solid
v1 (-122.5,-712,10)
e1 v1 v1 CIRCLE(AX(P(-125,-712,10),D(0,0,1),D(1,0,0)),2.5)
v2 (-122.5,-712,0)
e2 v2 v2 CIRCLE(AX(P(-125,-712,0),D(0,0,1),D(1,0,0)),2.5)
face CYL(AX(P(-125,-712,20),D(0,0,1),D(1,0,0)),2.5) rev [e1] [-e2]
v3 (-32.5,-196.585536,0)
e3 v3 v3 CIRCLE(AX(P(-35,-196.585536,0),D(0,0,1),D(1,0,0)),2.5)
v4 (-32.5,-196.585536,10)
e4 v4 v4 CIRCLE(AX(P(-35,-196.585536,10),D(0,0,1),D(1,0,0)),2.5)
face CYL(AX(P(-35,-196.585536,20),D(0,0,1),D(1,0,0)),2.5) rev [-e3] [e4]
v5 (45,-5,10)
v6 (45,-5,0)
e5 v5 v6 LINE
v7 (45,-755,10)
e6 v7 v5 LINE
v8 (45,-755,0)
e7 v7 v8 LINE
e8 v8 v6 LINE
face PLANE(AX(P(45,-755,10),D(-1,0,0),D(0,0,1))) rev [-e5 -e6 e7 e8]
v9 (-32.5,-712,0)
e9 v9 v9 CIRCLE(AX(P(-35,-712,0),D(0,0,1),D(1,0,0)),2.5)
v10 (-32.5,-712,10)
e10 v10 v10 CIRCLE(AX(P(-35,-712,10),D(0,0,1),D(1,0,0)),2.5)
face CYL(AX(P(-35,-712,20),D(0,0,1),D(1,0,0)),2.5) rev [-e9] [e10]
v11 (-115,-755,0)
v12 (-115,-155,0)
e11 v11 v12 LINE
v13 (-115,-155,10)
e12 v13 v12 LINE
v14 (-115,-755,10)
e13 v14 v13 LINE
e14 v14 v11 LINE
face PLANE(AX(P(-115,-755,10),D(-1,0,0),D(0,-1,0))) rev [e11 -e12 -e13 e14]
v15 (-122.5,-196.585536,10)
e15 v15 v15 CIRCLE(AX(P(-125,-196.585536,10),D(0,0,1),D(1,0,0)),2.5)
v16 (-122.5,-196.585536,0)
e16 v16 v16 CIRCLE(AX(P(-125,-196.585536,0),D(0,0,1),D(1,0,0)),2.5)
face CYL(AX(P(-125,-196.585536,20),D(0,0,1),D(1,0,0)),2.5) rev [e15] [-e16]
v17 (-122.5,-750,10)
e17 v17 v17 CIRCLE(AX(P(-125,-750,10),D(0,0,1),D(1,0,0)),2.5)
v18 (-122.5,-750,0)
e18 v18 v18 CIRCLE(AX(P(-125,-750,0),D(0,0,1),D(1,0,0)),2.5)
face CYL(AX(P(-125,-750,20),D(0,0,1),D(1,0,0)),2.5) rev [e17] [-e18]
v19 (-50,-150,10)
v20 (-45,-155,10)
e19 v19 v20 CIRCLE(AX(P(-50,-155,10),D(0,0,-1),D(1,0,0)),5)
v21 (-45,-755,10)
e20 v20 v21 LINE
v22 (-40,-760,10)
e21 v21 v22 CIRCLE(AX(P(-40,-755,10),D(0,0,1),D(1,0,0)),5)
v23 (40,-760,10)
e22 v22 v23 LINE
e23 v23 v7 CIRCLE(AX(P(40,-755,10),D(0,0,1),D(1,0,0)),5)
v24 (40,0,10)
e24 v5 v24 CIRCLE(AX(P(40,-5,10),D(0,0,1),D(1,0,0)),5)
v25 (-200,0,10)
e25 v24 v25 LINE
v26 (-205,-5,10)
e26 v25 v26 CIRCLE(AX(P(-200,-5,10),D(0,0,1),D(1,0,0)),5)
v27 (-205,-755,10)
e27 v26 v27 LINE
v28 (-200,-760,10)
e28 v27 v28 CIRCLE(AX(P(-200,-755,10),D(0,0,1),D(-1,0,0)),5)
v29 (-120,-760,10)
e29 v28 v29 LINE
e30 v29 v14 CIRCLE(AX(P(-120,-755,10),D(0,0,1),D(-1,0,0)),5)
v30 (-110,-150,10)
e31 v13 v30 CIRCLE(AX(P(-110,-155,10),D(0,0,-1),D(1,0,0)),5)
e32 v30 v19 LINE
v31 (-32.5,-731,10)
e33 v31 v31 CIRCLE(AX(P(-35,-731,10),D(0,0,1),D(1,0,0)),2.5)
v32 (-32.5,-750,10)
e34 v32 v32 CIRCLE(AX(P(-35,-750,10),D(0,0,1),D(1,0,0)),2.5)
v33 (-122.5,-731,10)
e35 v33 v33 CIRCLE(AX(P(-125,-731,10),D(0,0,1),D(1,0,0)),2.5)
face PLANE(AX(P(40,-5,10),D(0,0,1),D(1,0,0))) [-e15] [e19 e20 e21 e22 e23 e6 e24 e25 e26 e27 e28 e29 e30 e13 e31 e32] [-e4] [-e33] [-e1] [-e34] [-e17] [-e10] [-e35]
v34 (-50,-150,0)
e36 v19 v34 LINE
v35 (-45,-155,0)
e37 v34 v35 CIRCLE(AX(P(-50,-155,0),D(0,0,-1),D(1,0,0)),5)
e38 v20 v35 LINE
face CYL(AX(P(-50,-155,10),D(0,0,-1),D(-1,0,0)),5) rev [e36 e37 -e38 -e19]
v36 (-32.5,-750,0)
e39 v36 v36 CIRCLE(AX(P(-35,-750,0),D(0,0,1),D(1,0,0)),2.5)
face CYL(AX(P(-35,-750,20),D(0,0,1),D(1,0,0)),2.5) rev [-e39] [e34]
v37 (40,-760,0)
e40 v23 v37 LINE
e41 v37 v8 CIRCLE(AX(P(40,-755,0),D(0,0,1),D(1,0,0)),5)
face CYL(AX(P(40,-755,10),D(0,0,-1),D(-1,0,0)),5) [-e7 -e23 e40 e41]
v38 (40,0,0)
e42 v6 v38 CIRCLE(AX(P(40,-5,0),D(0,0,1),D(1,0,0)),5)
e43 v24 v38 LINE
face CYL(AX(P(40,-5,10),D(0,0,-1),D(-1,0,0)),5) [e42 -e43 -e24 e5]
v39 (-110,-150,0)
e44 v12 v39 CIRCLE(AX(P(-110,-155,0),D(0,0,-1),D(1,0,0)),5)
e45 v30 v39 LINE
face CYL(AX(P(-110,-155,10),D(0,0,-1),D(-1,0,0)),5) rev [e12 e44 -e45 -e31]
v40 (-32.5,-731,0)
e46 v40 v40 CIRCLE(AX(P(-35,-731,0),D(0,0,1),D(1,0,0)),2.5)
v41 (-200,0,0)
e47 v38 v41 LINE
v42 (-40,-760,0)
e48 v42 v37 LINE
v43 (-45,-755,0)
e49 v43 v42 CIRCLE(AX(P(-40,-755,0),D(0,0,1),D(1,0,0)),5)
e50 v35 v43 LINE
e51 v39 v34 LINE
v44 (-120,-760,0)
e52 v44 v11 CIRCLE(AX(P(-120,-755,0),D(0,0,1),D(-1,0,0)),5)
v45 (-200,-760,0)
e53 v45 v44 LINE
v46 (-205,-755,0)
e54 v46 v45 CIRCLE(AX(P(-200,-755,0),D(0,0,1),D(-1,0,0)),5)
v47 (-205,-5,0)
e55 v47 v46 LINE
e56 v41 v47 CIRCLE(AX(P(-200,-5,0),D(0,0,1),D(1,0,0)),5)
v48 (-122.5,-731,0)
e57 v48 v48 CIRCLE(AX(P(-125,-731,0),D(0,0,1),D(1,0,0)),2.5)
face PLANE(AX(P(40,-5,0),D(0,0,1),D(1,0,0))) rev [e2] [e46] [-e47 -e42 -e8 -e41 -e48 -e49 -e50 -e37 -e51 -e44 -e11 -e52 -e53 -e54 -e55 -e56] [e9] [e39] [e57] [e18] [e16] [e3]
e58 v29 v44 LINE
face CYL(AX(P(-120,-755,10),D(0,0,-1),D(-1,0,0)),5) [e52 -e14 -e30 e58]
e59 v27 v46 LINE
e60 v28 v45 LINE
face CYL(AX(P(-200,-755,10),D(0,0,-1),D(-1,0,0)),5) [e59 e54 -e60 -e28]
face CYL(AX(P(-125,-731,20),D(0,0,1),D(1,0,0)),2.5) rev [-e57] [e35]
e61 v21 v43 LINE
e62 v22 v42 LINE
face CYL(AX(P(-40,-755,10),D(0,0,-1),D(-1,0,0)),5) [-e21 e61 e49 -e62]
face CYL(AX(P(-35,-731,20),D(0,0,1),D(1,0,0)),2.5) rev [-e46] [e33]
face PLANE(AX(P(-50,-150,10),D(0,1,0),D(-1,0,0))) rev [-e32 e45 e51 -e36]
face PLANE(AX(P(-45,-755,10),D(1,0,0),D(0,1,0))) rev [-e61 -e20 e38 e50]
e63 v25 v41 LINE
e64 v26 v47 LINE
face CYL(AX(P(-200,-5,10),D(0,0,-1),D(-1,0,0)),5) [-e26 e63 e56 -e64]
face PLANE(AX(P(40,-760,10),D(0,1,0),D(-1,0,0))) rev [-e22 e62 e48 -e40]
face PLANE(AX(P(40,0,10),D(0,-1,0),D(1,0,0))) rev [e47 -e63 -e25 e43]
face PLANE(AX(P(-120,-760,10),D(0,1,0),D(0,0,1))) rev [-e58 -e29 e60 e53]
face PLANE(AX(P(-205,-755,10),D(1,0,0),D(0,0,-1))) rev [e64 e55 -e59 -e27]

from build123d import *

# Parameters (mm, degrees)
BOSS_EXTRUDE1_DEPTH = 10
M6_TAPPED_HOLE_D    = 5


with BuildPart() as part:
    # Sketch1 → Boss-Extrude1 (new body)
    with BuildSketch(Plane.XY):
        with BuildLine():
            Line((-120, -760), (-200, -760))
            ThreePointArc((-200, -760), (-203.535533906, -758.535533906), (-205, -755))
            Line((-205, -755), (-205, -5))
            ThreePointArc((-205, -5), (-203.535533906, -1.464466094), (-200, 0))
            Line((-200, 0), (40, 0))
            ThreePointArc((40, 0), (43.535533906, -1.464466094), (45, -5))
            Line((45, -5), (45, -755))
            ThreePointArc((45, -755), (43.535533906, -758.535533906), (40, -760))
            Line((40, -760), (-40, -760))
            ThreePointArc((-40, -760), (-43.535533906, -758.535533906), (-45, -755))
            Line((-45, -755), (-45, -155))
            ThreePointArc((-45, -155), (-46.464466094, -151.464466094), (-50, -150))
            Line((-50, -150), (-110, -150))
            ThreePointArc((-110, -150), (-113.535533906, -151.464466094), (-115, -155))
            Line((-115, -155), (-115, -755))
            ThreePointArc((-115, -755), (-116.464466094, -758.535533906), (-120, -760))
        make_face()
    extrude(amount=BOSS_EXTRUDE1_DEPTH)

    # M6 Tapped Hole (through all)
    with Locations(Plane(origin=(479.845790405, 700.886073068, 20), x_dir=(-1, 0, 0), z_dir=(0, 0, 1))):
        with Locations((514.845790405, 897.471608895), (537.845790405, 897.471608895), (581.845790405, 897.471608895), (604.845790405, 897.471608895), (514.845790405, 1450.886073068), (514.845790405, 1412.886073068), (537.845790405, 1453.886073068), (537.845790405, 1409.886073068), (581.845790405, 1453.886073068), (581.845790405, 1409.886073068), (604.845790405, 1450.886073068), (604.845790405, 1412.886073068), (514.845790405, 1431.886073068), (537.845790405, 1431.886073068), (581.845790405, 1431.886073068), (604.845790405, 1431.886073068)):
            Hole(M6_TAPPED_HOLE_D / 2)


solid = part.part
